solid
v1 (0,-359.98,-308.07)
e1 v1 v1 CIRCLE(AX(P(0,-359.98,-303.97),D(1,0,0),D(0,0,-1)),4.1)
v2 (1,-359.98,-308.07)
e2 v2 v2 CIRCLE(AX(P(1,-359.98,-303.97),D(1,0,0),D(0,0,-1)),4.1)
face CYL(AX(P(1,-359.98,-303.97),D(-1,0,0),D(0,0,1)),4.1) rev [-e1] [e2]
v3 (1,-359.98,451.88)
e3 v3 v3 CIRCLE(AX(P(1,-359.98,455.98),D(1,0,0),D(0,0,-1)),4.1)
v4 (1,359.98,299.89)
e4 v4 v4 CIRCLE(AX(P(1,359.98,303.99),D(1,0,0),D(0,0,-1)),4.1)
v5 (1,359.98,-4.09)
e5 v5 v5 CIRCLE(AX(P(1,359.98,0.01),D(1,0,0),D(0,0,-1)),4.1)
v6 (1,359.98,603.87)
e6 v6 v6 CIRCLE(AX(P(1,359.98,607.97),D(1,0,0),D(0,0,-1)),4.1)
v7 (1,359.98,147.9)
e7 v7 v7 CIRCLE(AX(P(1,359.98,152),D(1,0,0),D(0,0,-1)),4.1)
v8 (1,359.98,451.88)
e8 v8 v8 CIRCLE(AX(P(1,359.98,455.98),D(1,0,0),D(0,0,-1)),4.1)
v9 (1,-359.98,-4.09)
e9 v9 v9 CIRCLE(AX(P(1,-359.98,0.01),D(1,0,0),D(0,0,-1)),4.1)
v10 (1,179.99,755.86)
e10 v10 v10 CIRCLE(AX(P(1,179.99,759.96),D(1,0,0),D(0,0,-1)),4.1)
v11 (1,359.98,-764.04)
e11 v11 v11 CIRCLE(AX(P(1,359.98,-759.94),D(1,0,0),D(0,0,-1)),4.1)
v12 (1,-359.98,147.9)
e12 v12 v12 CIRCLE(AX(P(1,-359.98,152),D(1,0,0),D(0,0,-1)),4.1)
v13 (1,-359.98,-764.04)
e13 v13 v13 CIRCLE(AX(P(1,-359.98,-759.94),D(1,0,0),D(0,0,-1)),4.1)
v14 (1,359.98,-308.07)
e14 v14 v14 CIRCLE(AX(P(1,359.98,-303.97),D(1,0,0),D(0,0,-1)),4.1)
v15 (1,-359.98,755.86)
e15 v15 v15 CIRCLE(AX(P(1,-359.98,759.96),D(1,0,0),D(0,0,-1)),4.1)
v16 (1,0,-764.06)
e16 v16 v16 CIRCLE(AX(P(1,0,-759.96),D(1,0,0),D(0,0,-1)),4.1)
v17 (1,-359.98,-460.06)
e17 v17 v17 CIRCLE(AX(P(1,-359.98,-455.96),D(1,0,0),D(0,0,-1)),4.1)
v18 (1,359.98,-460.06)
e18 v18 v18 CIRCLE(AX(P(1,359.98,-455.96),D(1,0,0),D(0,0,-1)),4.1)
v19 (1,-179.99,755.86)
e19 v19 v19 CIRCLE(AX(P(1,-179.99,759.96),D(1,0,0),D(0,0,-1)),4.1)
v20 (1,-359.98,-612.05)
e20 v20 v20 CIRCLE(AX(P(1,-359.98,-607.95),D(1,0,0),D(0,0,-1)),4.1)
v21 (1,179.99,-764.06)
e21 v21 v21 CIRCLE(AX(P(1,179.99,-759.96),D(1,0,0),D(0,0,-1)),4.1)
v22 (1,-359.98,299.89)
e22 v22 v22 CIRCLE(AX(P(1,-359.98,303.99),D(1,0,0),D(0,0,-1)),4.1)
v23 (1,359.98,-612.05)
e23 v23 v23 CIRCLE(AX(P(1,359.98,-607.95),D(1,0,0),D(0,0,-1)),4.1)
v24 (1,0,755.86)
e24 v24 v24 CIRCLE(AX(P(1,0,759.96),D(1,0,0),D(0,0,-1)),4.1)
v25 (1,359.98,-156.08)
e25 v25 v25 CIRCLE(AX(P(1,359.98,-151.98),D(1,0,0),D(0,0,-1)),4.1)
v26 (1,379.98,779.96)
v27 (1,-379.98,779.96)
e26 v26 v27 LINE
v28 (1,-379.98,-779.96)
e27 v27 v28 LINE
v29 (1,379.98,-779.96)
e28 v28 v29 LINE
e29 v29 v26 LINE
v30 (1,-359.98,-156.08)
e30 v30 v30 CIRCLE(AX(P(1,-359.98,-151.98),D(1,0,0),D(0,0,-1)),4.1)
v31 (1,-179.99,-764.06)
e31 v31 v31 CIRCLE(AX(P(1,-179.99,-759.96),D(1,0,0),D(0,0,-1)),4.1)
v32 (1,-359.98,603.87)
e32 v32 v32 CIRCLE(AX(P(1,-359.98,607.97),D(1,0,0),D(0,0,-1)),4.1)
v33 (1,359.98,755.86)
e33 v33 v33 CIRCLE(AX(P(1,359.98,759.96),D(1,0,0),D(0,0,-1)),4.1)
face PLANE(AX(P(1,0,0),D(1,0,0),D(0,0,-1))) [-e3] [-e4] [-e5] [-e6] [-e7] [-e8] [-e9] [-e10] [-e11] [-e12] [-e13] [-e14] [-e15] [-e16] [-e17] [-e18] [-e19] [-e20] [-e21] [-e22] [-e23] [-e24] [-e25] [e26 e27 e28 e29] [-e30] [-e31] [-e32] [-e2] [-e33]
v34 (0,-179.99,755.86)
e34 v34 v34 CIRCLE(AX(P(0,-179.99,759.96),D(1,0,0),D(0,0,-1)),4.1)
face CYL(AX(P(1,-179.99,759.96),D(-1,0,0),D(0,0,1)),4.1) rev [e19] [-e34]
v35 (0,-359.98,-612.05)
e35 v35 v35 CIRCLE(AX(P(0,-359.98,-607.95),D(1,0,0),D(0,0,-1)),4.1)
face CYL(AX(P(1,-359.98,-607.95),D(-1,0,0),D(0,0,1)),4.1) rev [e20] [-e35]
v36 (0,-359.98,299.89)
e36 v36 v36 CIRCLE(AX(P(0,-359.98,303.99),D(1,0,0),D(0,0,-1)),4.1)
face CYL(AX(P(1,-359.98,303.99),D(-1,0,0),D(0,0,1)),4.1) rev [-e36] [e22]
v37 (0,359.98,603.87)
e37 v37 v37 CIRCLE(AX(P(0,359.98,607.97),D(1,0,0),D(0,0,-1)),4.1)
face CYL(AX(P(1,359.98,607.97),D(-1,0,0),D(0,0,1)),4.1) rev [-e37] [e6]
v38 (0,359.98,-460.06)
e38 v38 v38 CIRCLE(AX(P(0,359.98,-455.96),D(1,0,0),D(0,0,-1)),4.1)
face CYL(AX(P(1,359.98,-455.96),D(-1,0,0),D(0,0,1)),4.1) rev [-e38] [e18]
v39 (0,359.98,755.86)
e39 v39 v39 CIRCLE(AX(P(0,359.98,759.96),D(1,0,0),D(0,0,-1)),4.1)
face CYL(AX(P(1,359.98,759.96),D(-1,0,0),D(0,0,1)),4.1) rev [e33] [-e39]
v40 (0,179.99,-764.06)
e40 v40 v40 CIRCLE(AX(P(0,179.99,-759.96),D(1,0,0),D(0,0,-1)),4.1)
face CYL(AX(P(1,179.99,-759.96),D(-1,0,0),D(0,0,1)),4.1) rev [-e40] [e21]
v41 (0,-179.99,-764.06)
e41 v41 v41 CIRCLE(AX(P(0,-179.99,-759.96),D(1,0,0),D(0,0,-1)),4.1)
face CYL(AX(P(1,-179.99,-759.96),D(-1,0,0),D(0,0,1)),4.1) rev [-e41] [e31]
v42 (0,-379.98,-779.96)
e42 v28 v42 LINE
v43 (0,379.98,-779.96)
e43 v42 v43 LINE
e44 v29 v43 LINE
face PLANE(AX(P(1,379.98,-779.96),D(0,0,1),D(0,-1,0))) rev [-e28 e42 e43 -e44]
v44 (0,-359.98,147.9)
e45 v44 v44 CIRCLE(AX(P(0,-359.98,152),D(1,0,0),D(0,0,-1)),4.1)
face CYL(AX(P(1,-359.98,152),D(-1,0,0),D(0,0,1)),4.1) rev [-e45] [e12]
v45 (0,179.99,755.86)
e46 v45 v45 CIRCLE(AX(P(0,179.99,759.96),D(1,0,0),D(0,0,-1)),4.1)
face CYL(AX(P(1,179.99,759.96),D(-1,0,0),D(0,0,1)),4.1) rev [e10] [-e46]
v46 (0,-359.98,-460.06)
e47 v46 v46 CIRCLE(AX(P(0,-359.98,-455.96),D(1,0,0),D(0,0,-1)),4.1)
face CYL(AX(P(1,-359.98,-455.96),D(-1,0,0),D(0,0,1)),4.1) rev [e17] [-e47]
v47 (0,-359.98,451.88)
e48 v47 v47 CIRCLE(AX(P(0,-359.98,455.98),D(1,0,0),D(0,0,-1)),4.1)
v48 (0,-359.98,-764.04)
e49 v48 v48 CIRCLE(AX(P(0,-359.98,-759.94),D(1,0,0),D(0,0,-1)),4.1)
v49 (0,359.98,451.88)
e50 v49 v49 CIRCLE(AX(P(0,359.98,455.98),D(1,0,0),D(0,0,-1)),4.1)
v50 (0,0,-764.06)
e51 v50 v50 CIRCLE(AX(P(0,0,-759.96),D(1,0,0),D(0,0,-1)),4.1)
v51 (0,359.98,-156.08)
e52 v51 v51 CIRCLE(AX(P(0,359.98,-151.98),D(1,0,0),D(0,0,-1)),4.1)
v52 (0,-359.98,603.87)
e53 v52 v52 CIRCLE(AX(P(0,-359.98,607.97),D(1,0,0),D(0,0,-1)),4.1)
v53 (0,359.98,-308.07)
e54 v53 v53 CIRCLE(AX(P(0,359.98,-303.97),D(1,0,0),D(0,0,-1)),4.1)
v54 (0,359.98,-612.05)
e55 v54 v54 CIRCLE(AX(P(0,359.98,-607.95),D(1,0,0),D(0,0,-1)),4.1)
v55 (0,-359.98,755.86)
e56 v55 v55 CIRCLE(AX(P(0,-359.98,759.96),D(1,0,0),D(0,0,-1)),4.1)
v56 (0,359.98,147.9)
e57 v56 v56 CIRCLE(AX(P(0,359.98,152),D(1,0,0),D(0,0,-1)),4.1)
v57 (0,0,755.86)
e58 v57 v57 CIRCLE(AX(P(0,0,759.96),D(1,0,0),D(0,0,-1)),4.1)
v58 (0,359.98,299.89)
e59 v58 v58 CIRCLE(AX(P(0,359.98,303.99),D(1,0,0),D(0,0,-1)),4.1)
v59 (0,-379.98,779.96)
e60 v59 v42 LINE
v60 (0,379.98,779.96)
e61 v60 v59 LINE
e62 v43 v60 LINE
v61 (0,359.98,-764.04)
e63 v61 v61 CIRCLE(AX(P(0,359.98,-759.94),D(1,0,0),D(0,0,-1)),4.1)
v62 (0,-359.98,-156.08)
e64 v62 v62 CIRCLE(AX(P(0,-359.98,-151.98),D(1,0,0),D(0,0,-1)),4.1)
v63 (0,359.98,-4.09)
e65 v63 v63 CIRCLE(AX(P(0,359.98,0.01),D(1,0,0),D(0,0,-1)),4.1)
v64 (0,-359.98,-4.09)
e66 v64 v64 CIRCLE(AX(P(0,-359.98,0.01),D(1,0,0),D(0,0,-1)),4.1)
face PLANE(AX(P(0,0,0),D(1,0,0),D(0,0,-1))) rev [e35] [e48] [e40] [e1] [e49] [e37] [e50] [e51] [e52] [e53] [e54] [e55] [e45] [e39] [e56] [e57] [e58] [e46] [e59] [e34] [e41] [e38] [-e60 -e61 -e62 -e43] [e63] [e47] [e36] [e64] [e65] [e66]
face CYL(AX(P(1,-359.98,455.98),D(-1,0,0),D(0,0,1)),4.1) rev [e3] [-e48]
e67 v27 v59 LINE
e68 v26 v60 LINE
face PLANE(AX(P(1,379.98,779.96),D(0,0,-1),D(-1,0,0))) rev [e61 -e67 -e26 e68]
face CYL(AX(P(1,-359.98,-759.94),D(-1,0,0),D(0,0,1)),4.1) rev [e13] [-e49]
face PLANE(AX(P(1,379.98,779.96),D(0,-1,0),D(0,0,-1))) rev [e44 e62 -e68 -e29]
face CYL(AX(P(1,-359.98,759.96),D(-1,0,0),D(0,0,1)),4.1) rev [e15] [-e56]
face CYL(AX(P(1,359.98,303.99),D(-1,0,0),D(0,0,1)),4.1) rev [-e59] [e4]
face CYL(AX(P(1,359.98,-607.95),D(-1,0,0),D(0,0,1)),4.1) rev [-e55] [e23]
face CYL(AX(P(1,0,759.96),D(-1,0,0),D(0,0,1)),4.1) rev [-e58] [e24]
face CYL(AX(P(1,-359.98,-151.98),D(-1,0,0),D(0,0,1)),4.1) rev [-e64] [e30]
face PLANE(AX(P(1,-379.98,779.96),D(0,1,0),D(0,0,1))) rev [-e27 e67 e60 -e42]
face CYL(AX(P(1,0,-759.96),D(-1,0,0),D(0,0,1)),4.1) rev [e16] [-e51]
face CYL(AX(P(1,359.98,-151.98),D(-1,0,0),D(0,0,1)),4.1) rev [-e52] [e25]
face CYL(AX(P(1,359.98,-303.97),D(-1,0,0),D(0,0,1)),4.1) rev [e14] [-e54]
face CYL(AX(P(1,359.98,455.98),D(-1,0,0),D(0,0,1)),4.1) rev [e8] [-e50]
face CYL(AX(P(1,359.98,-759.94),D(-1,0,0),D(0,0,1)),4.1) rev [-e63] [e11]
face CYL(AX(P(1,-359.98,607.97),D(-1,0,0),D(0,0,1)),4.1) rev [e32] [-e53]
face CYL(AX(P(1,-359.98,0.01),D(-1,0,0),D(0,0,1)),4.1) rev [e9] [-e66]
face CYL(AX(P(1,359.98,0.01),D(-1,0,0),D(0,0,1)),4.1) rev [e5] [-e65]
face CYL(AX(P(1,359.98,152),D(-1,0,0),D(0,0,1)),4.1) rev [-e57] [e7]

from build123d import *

# Parameters (mm, degrees)
SKETCH1_W           = 1559.92
SKETCH1_H           = 759.96
SKETCH1_R           = 4.1
BOSS_EXTRUDE1_DEPTH = 1


with BuildPart() as part:
    # Sketch1 → Boss-Extrude1 (new body)
    with BuildSketch(Plane(origin=(0, 0, 0), x_dir=(0, 0, -1), z_dir=(1, 0, 0))):
        Rectangle(SKETCH1_W, SKETCH1_H)
        with Locations((-759.96, 359.98)):
            Circle(SKETCH1_R, mode=Mode.SUBTRACT)
        with Locations((-759.96, -359.98)):
            Circle(SKETCH1_R, mode=Mode.SUBTRACT)
        with Locations((-607.97, 359.98)):
            Circle(SKETCH1_R, mode=Mode.SUBTRACT)
        with Locations((-607.97, -359.98)):
            Circle(SKETCH1_R, mode=Mode.SUBTRACT)
        with Locations((-455.98, 359.98)):
            Circle(SKETCH1_R, mode=Mode.SUBTRACT)
        with Locations((-455.98, -359.98)):
            Circle(SKETCH1_R, mode=Mode.SUBTRACT)
        with Locations((-303.99, 359.98)):
            Circle(SKETCH1_R, mode=Mode.SUBTRACT)
        with Locations((-303.99, -359.98)):
            Circle(SKETCH1_R, mode=Mode.SUBTRACT)
        with Locations((-152, 359.98)):
            Circle(SKETCH1_R, mode=Mode.SUBTRACT)
        with Locations((-152, -359.98)):
            Circle(SKETCH1_R, mode=Mode.SUBTRACT)
        with Locations((-0.01, 359.98)):
            Circle(SKETCH1_R, mode=Mode.SUBTRACT)
        with Locations((-0.01, -359.98)):
            Circle(SKETCH1_R, mode=Mode.SUBTRACT)
        with Locations((151.98, 359.98)):
            Circle(SKETCH1_R, mode=Mode.SUBTRACT)
        with Locations((151.98, -359.98)):
            Circle(SKETCH1_R, mode=Mode.SUBTRACT)
        with Locations((303.97, 359.98)):
            Circle(SKETCH1_R, mode=Mode.SUBTRACT)
        with Locations((303.97, -359.98)):
            Circle(SKETCH1_R, mode=Mode.SUBTRACT)
        with Locations((455.96, 359.98)):
            Circle(SKETCH1_R, mode=Mode.SUBTRACT)
        with Locations((455.96, -359.98)):
            Circle(SKETCH1_R, mode=Mode.SUBTRACT)
        with Locations((607.95, 359.98)):
            Circle(SKETCH1_R, mode=Mode.SUBTRACT)
        with Locations((607.95, -359.98)):
            Circle(SKETCH1_R, mode=Mode.SUBTRACT)
        with Locations((759.94, 359.98)):
            Circle(SKETCH1_R, mode=Mode.SUBTRACT)
        with Locations((759.94, -359.98)):
            Circle(SKETCH1_R, mode=Mode.SUBTRACT)
        with Locations((-759.96, 179.990000139)):
            Circle(SKETCH1_R, mode=Mode.SUBTRACT)
        with Locations((-759.96, 0)):
            Circle(SKETCH1_R, mode=Mode.SUBTRACT)
        with Locations((-759.96, -179.990000139)):
            Circle(SKETCH1_R, mode=Mode.SUBTRACT)
        with Locations((759.96, 0)):
            Circle(SKETCH1_R, mode=Mode.SUBTRACT)
        with Locations((759.96, 179.990000139)):
            Circle(SKETCH1_R, mode=Mode.SUBTRACT)
        with Locations((759.96, -179.990000139)):
            Circle(SKETCH1_R, mode=Mode.SUBTRACT)
    extrude(amount=BOSS_EXTRUDE1_DEPTH)


solid = part.part
